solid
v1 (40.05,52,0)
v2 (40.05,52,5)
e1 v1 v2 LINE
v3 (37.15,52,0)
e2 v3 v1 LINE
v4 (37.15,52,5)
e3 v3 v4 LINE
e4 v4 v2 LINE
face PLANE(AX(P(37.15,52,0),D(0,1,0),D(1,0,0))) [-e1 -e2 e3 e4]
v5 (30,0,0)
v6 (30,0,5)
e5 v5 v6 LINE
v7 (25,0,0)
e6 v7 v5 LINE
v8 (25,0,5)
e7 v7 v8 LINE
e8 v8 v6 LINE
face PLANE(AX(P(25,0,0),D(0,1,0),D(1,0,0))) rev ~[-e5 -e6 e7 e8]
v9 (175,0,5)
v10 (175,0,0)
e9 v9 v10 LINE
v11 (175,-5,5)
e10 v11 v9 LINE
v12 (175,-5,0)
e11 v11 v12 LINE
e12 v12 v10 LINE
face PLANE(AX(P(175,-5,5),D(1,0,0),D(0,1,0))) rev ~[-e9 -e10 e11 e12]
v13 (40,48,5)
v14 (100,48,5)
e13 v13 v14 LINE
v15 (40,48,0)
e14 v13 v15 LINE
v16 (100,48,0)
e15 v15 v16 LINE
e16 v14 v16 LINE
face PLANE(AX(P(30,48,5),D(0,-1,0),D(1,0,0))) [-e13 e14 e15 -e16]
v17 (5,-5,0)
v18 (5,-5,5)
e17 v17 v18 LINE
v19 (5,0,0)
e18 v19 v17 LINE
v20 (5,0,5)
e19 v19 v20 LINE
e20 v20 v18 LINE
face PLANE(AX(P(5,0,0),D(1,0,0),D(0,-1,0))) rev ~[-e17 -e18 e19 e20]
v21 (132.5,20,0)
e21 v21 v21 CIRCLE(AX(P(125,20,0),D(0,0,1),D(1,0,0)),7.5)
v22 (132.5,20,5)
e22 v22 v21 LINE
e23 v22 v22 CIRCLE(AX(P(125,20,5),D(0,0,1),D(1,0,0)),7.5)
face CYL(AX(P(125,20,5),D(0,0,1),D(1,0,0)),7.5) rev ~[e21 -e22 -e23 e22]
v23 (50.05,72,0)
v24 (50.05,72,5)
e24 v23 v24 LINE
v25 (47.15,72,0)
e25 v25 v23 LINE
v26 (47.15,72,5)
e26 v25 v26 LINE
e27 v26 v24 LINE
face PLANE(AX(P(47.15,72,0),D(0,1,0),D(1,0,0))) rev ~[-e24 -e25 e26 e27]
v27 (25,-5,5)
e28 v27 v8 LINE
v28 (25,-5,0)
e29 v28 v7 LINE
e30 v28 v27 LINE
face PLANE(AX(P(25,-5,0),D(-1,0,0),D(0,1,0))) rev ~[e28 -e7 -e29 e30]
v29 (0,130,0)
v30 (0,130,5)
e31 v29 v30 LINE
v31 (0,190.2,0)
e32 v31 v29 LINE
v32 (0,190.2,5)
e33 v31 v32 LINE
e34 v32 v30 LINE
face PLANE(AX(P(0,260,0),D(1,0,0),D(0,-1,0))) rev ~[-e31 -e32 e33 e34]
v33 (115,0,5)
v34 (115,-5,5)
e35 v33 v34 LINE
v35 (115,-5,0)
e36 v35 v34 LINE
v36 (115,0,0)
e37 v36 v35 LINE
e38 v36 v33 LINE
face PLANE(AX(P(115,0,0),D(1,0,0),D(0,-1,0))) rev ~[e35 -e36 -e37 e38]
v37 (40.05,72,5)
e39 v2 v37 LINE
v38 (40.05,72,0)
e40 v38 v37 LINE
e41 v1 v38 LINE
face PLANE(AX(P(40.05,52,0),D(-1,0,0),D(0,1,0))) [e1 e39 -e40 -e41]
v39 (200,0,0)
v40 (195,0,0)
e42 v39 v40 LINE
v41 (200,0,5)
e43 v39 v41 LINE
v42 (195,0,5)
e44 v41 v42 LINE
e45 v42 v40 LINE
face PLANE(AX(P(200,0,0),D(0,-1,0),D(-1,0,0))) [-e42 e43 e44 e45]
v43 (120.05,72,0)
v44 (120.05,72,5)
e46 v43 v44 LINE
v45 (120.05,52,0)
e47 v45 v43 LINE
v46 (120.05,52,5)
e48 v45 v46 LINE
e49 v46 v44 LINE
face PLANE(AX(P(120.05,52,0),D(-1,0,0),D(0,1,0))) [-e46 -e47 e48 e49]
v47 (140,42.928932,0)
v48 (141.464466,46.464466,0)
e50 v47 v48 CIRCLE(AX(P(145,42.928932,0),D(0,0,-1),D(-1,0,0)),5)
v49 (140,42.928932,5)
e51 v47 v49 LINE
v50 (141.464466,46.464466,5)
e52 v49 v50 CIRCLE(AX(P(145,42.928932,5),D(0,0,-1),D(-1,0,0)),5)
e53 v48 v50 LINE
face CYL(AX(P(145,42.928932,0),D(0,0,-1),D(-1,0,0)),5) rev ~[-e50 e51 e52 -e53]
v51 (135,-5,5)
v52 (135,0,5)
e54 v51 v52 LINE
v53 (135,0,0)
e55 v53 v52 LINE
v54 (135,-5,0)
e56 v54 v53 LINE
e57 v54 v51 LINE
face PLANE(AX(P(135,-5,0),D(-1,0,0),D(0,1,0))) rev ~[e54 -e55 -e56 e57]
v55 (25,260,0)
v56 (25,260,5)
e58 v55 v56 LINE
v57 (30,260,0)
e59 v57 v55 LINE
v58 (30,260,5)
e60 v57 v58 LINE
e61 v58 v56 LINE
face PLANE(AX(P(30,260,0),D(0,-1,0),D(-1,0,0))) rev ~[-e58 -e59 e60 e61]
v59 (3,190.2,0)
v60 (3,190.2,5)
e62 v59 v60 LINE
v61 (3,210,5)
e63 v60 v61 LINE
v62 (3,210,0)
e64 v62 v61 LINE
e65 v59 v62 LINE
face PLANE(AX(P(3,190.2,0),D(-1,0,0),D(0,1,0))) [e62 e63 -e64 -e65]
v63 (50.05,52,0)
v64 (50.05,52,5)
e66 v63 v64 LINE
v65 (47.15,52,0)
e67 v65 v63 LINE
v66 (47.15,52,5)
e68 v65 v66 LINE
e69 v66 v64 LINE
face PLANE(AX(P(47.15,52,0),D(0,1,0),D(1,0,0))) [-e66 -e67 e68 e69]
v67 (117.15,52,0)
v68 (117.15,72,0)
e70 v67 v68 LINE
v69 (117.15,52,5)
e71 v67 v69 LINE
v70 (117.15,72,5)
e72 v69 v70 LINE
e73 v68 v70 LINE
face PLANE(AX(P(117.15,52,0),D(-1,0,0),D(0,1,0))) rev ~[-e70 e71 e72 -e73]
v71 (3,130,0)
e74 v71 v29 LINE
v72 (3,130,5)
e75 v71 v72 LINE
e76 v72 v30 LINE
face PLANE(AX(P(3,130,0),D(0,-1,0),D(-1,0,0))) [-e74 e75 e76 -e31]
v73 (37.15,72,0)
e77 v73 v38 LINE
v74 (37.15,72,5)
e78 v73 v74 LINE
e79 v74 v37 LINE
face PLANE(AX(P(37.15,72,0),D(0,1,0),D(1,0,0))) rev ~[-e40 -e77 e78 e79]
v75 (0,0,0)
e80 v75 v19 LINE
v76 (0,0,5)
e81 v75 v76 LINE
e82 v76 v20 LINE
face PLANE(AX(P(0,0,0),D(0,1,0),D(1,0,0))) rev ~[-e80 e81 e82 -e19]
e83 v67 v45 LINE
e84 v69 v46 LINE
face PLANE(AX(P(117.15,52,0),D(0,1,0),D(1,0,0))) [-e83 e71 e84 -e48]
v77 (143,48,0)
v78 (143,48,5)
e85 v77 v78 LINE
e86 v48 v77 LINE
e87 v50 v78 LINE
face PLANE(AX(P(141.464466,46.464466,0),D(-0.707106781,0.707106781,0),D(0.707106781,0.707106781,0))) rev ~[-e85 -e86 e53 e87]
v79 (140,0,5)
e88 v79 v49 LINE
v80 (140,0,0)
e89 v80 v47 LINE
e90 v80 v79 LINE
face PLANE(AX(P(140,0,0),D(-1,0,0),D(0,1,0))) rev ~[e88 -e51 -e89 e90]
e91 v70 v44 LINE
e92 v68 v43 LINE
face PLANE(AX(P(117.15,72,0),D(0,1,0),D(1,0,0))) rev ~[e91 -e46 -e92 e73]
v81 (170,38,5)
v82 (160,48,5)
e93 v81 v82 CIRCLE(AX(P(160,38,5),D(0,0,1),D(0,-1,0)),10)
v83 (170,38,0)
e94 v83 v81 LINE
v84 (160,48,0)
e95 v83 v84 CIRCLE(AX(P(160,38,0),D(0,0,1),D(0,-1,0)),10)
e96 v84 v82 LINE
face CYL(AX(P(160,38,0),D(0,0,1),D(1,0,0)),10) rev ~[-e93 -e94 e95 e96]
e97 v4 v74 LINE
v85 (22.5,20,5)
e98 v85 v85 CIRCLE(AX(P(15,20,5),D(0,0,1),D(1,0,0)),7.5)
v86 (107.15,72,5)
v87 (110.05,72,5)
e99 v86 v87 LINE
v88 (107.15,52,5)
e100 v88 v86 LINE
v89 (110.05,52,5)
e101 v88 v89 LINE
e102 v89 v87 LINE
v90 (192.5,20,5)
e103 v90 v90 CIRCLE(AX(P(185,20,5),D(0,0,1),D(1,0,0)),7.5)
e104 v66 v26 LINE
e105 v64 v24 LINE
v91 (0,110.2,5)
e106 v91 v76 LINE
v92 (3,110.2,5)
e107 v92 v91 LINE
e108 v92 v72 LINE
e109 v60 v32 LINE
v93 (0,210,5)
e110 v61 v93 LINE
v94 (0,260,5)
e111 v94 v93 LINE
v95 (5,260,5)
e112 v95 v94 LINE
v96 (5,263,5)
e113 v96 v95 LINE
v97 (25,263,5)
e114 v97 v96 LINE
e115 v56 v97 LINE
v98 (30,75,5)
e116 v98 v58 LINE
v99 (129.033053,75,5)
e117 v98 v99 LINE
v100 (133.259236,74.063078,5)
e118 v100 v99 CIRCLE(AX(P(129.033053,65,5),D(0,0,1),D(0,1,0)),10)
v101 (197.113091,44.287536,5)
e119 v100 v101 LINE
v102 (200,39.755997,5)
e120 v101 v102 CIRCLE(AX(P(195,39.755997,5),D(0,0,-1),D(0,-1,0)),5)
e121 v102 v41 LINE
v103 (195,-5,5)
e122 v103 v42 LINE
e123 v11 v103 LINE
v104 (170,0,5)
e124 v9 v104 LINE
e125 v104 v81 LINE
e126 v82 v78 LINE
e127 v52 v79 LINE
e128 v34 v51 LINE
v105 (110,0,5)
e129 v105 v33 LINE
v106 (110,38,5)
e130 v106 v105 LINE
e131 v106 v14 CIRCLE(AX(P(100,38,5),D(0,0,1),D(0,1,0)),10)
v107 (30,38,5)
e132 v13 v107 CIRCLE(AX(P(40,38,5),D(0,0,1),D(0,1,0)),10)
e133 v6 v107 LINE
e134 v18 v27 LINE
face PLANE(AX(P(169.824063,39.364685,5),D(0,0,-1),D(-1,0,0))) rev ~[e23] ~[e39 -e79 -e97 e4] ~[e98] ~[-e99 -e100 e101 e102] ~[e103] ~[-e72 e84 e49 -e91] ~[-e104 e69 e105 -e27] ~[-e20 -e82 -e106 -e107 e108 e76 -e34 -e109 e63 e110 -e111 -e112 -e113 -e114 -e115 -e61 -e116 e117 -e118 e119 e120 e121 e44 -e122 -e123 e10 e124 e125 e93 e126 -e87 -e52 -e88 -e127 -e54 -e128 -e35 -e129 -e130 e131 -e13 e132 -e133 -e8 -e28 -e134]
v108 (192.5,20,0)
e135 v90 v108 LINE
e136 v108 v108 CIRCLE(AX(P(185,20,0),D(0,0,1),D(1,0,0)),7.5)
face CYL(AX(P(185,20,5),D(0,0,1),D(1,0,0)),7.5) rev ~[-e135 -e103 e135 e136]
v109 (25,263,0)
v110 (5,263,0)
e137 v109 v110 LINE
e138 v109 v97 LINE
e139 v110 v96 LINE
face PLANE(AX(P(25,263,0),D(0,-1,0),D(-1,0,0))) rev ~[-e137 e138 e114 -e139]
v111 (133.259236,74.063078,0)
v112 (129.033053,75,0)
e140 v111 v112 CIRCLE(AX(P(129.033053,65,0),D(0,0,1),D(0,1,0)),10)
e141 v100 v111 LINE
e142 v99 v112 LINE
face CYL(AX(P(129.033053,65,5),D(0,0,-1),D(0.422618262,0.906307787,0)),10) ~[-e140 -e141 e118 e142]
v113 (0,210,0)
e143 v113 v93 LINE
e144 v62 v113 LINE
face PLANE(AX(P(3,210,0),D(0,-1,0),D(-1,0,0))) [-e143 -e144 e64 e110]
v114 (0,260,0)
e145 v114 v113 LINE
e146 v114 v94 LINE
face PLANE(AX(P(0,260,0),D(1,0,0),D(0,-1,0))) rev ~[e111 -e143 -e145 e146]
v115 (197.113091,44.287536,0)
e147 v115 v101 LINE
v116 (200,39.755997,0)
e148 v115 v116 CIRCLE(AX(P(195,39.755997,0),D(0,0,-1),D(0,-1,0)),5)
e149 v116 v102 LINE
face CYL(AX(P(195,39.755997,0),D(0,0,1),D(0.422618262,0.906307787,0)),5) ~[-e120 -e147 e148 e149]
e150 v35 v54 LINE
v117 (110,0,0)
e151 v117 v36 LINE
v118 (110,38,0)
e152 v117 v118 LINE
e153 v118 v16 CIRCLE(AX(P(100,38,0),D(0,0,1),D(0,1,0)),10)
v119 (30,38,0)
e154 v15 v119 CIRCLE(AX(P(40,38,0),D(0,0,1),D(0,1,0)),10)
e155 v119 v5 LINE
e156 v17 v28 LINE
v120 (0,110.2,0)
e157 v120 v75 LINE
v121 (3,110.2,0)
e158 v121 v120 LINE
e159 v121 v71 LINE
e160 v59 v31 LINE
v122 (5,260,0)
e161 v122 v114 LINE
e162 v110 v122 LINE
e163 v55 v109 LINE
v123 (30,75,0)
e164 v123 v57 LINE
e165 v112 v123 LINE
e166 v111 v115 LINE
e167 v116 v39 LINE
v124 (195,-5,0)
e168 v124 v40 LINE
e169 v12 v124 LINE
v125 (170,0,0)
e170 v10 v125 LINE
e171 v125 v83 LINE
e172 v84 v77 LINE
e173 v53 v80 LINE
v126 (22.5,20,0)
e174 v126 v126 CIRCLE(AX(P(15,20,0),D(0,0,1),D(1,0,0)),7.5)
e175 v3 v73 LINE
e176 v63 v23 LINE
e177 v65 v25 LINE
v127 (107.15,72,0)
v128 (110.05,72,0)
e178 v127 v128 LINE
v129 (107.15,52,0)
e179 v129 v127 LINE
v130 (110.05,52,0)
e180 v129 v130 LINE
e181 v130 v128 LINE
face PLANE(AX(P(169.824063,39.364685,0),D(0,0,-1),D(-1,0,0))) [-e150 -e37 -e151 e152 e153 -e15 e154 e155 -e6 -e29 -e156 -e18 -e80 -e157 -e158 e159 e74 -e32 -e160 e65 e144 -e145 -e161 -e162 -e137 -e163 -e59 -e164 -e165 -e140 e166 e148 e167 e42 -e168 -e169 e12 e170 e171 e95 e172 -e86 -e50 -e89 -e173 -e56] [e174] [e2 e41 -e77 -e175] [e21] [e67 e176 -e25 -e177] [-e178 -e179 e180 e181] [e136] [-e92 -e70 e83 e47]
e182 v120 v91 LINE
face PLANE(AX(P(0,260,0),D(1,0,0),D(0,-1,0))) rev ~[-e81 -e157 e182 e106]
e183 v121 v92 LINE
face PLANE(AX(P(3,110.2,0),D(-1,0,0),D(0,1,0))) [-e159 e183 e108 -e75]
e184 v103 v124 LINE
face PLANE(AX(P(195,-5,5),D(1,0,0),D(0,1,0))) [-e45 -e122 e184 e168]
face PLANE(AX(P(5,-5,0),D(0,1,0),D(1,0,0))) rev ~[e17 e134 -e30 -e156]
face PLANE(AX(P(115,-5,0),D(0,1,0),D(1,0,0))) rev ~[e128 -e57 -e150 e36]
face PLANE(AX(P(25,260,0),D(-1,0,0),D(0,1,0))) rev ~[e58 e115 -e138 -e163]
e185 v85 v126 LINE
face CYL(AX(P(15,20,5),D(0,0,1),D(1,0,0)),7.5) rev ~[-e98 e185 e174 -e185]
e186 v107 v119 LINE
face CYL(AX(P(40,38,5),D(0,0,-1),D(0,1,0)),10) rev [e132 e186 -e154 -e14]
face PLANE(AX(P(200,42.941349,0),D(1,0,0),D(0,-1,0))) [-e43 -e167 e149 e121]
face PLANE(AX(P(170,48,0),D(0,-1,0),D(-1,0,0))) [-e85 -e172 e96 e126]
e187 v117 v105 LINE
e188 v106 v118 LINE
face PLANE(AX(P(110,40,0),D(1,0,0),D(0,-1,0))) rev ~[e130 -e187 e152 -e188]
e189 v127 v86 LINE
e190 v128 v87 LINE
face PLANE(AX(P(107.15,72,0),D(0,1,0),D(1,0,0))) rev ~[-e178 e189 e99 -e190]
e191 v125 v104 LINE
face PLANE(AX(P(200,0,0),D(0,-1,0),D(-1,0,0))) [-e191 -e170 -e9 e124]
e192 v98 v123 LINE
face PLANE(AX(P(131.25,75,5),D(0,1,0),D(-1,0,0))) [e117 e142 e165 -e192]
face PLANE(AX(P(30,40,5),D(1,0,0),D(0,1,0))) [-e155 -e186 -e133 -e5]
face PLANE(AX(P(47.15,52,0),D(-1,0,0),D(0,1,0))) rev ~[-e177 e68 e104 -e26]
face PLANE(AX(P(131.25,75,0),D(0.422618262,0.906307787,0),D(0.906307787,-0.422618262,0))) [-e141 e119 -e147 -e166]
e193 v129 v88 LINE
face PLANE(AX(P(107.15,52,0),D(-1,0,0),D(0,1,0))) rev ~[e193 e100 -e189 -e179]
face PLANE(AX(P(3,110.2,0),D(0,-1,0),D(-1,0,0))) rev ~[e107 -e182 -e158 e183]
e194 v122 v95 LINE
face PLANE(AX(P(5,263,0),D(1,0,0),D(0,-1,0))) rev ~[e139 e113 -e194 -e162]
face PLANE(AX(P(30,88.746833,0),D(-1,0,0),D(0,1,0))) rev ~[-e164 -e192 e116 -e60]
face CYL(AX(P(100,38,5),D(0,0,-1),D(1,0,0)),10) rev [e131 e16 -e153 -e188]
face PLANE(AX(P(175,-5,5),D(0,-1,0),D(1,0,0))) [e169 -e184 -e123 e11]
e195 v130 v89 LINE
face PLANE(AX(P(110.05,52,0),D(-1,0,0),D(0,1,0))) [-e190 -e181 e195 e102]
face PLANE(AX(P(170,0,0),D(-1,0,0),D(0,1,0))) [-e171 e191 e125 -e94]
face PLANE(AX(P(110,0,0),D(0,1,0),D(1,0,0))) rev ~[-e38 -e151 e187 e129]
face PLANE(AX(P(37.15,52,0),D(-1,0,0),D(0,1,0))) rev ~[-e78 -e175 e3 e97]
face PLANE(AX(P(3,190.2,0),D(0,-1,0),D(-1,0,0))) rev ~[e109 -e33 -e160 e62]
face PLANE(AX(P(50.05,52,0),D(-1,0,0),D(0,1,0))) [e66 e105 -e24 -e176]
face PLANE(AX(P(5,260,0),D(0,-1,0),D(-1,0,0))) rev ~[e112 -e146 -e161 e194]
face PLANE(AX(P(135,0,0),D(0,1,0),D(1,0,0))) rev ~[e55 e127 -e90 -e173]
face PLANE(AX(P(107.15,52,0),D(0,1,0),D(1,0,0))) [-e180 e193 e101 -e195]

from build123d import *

# Parameters (mm, degrees)
SKETCH1_W           = 2.9
SKETCH1_H           = 20
BOSS_EXTRUDE1_DEPTH = 5
CUT_EXTRUDE1_DEPTH  = 6
FILLET1_R           = 10
SKETCH3_W           = 3
SKETCH3_H           = 19.8
CUT_EXTRUDE2_DEPTH  = 5
LPATTERN1_COUNT     = 2
LPATTERN1_PITCH     = 80
CUT_EXTRUDE3_DEPTH  = 10
CUT_EXTRUDE4_DEPTH  = 5
BOSS_EXTRUDE2_DEPTH = 5
BOSS_EXTRUDE3_DEPTH = 5
FILLET3_R           = 10
FILLET4_R           = 5
SKETCH12_W          = 20
SKETCH12_H          = 5
BOSS_EXTRUDE4_DEPTH = 5
SKETCH13_R          = 7.5
CUT_EXTRUDE6_DEPTH  = 6


with BuildPart() as part:
    # Sketch1 → Boss-Extrude1 (new body)
    with BuildSketch(Plane.XY):
        with BuildLine():
            Line((155, 62.071067812), (155, 65.538881442))
            ThreePointArc((155, 65.538881442), (153.730862151, 68.867645118), (150.567732956, 70.506544805))
            Line((150.567732956, 70.506544805), (34.432267044, 83.779169481))
            ThreePointArc((34.432267044, 83.779169481), (31.269137849, 85.418069168), (30, 88.746832844))
            Line((30, 88.746832844), (30, 260))
            Line((30, 260), (25, 260))
            Line((25, 260), (25, 263))
            Line((25, 263), (5, 263))
            Line((5, 263), (5, 260))
            Line((5, 260), (0, 260))
            Line((0, 260), (0, 0))
            Line((0, 0), (5, 0))
            Line((5, 0), (5, -5))
            Line((5, -5), (25, -5))
            Line((25, -5), (25, 0))
            Line((25, 0), (30, 0))
            Line((30, 0), (30, 40))
            ThreePointArc((30, 40), (31.464466094, 43.535533906), (35, 45))
            Line((35, 45), (105, 45))
            ThreePointArc((105, 45), (108.535533906, 43.535533906), (110, 40))
            Line((110, 40), (110, 0))
            Line((110, 0), (115, 0))
            Line((115, 0), (115, -5))
            Line((115, -5), (135, -5))
            Line((135, -5), (135, 0))
            Line((135, 0), (140, 0))
            Line((140, 0), (140, 42.928932188))
            ThreePointArc((140, 42.928932188), (140.380602337, 44.84234935), (141.464466094, 46.464466094))
            Line((141.464466094, 46.464466094), (153.535533906, 58.535533906))
            ThreePointArc((153.535533906, 58.535533906), (154.619397663, 60.15765065), (155, 62.071067812))
        make_face()
        with Locations((38.6, 62)):
            Rectangle(SKETCH1_W, SKETCH1_H, mode=Mode.SUBTRACT)
        with Locations((48.6, 62)):
            Rectangle(SKETCH1_W, SKETCH1_H, mode=Mode.SUBTRACT)
        with Locations((118.6, 62)):
            Rectangle(SKETCH1_W, SKETCH1_H, mode=Mode.SUBTRACT)
        with Locations((108.6, 62)):
            Rectangle(SKETCH1_W, SKETCH1_H, mode=Mode.SUBTRACT)
    extrude(amount=BOSS_EXTRUDE1_DEPTH)

    # Sketch2 → Cut-Extrude1 (cut, through all)
    with BuildSketch(Plane.XY.offset(5)):
        with BuildLine():
            Line((30, 40), (30, 48))
            Line((30, 48), (110, 48))
            Line((110, 48), (110, 40))
            ThreePointArc((110, 40), (108.535533906, 43.535533906), (105, 45))
            Line((105, 45), (35, 45))
            ThreePointArc((35, 45), (31.464466094, 43.535533906), (30, 40))
        make_face()
    extrude(amount=-CUT_EXTRUDE1_DEPTH, mode=Mode.SUBTRACT)

    # Fillet1
    fillet1_edges = [part.edges().sort_by_distance(p)[0] for p in [
        (30, 48, 2.5),
        (110, 48, 2.5),
    ]]
    fillet(fillet1_edges, radius=FILLET1_R)

    # Sketch3 → Cut-Extrude2 (cut)
    with BuildSketch(Plane(origin=(0, 0, 0), x_dir=(-1, 0, 0), z_dir=(0, 0, -1))):
        with Locations((-1.5, 200.1)):
            Rectangle(SKETCH3_W, SKETCH3_H)
    cut_extrude2 = extrude(amount=-CUT_EXTRUDE2_DEPTH, mode=Mode.SUBTRACT)

    # LPattern1: Cut-Extrude2 ×2
    with Locations(*[(0, -i * LPATTERN1_PITCH, 0) for i in range(1, LPATTERN1_COUNT)]):
        add(cut_extrude2, mode=Mode.SUBTRACT)

    # Sketch4 → Cut-Extrude3 (cut)
    with BuildSketch(Plane.XY.offset(5)):
        with BuildLine():
            Line((30, 88.746832844), (30, 75))
            Line((30, 75), (111.25, 75))
            Line((111.25, 75), (34.432267044, 83.779169481))
            ThreePointArc((34.432267044, 83.779169481), (31.269137849, 85.418069168), (30, 88.746832844))
        make_face()
    extrude(amount=-CUT_EXTRUDE3_DEPTH, mode=Mode.SUBTRACT)

    # Sketch5 → Cut-Extrude4 (cut)
    with BuildSketch(Plane.XY.offset(5)):
        with BuildLine():
            Line((150.567732956, 70.506544805), (134.9100099, 72.295998869))
            Line((134.9100099, 72.295998869), (153.535533906, 58.535533906))
            ThreePointArc((153.535533906, 58.535533906), (154.619397663, 60.15765065), (155, 62.071067812))
            Line((155, 62.071067812), (155, 65.538881442))
            ThreePointArc((155, 65.538881442), (153.730862151, 68.867645118), (150.567732956, 70.506544805))
        make_face()
    extrude(amount=-CUT_EXTRUDE4_DEPTH, mode=Mode.SUBTRACT)

    # Sketch5<3> → Boss-Extrude2 (add)
    with BuildSketch(Plane.XY.offset(5)):
        Polygon((131.25, 75), (111.25, 75), (134.9100099, 72.295998869), align=None)
    extrude(amount=-BOSS_EXTRUDE2_DEPTH)

    # Sketch10 → Boss-Extrude3 (add)
    with BuildSketch(Plane(origin=(0, 0, 0), x_dir=(-1, 0, 0), z_dir=(0, 0, -1))):
        Polygon((-131.25, 75), (-200, 42.941348502), (-200, 0), (-170, 0), (-170, 48), (-143, 48), (-153.535533906, 58.535533906), align=None)
    extrude(amount=-BOSS_EXTRUDE3_DEPTH)

    # Fillet3
    fillet3_edges = [part.edges().sort_by_distance(p)[0] for p in [
        (131.25, 75, 2.5),
        (170, 48, 2.5),
    ]]
    fillet(fillet3_edges, radius=FILLET3_R)

    # Fillet4
    fillet4_edges = [part.edges().sort_by_distance(p)[0] for p in [
        (200, 42.941348502, 2.5),
    ]]
    fillet(fillet4_edges, radius=FILLET4_R)

    # Sketch12 → Boss-Extrude4 (add)
    with BuildSketch(Plane.XY.offset(5)):
        with Locations((185, -2.5)):
            Rectangle(SKETCH12_W, SKETCH12_H)
    extrude(amount=-BOSS_EXTRUDE4_DEPTH)

    # Sketch13 → Cut-Extrude6 (cut, through all)
    with BuildSketch(Plane.XY.offset(5)):
        with Locations((15, 20)):
            Circle(SKETCH13_R)
        with Locations((125, 20)):
            Circle(SKETCH13_R)
        with Locations((185, 20)):
            Circle(SKETCH13_R)
    extrude(amount=-CUT_EXTRUDE6_DEPTH, mode=Mode.SUBTRACT)


solid = part.part
